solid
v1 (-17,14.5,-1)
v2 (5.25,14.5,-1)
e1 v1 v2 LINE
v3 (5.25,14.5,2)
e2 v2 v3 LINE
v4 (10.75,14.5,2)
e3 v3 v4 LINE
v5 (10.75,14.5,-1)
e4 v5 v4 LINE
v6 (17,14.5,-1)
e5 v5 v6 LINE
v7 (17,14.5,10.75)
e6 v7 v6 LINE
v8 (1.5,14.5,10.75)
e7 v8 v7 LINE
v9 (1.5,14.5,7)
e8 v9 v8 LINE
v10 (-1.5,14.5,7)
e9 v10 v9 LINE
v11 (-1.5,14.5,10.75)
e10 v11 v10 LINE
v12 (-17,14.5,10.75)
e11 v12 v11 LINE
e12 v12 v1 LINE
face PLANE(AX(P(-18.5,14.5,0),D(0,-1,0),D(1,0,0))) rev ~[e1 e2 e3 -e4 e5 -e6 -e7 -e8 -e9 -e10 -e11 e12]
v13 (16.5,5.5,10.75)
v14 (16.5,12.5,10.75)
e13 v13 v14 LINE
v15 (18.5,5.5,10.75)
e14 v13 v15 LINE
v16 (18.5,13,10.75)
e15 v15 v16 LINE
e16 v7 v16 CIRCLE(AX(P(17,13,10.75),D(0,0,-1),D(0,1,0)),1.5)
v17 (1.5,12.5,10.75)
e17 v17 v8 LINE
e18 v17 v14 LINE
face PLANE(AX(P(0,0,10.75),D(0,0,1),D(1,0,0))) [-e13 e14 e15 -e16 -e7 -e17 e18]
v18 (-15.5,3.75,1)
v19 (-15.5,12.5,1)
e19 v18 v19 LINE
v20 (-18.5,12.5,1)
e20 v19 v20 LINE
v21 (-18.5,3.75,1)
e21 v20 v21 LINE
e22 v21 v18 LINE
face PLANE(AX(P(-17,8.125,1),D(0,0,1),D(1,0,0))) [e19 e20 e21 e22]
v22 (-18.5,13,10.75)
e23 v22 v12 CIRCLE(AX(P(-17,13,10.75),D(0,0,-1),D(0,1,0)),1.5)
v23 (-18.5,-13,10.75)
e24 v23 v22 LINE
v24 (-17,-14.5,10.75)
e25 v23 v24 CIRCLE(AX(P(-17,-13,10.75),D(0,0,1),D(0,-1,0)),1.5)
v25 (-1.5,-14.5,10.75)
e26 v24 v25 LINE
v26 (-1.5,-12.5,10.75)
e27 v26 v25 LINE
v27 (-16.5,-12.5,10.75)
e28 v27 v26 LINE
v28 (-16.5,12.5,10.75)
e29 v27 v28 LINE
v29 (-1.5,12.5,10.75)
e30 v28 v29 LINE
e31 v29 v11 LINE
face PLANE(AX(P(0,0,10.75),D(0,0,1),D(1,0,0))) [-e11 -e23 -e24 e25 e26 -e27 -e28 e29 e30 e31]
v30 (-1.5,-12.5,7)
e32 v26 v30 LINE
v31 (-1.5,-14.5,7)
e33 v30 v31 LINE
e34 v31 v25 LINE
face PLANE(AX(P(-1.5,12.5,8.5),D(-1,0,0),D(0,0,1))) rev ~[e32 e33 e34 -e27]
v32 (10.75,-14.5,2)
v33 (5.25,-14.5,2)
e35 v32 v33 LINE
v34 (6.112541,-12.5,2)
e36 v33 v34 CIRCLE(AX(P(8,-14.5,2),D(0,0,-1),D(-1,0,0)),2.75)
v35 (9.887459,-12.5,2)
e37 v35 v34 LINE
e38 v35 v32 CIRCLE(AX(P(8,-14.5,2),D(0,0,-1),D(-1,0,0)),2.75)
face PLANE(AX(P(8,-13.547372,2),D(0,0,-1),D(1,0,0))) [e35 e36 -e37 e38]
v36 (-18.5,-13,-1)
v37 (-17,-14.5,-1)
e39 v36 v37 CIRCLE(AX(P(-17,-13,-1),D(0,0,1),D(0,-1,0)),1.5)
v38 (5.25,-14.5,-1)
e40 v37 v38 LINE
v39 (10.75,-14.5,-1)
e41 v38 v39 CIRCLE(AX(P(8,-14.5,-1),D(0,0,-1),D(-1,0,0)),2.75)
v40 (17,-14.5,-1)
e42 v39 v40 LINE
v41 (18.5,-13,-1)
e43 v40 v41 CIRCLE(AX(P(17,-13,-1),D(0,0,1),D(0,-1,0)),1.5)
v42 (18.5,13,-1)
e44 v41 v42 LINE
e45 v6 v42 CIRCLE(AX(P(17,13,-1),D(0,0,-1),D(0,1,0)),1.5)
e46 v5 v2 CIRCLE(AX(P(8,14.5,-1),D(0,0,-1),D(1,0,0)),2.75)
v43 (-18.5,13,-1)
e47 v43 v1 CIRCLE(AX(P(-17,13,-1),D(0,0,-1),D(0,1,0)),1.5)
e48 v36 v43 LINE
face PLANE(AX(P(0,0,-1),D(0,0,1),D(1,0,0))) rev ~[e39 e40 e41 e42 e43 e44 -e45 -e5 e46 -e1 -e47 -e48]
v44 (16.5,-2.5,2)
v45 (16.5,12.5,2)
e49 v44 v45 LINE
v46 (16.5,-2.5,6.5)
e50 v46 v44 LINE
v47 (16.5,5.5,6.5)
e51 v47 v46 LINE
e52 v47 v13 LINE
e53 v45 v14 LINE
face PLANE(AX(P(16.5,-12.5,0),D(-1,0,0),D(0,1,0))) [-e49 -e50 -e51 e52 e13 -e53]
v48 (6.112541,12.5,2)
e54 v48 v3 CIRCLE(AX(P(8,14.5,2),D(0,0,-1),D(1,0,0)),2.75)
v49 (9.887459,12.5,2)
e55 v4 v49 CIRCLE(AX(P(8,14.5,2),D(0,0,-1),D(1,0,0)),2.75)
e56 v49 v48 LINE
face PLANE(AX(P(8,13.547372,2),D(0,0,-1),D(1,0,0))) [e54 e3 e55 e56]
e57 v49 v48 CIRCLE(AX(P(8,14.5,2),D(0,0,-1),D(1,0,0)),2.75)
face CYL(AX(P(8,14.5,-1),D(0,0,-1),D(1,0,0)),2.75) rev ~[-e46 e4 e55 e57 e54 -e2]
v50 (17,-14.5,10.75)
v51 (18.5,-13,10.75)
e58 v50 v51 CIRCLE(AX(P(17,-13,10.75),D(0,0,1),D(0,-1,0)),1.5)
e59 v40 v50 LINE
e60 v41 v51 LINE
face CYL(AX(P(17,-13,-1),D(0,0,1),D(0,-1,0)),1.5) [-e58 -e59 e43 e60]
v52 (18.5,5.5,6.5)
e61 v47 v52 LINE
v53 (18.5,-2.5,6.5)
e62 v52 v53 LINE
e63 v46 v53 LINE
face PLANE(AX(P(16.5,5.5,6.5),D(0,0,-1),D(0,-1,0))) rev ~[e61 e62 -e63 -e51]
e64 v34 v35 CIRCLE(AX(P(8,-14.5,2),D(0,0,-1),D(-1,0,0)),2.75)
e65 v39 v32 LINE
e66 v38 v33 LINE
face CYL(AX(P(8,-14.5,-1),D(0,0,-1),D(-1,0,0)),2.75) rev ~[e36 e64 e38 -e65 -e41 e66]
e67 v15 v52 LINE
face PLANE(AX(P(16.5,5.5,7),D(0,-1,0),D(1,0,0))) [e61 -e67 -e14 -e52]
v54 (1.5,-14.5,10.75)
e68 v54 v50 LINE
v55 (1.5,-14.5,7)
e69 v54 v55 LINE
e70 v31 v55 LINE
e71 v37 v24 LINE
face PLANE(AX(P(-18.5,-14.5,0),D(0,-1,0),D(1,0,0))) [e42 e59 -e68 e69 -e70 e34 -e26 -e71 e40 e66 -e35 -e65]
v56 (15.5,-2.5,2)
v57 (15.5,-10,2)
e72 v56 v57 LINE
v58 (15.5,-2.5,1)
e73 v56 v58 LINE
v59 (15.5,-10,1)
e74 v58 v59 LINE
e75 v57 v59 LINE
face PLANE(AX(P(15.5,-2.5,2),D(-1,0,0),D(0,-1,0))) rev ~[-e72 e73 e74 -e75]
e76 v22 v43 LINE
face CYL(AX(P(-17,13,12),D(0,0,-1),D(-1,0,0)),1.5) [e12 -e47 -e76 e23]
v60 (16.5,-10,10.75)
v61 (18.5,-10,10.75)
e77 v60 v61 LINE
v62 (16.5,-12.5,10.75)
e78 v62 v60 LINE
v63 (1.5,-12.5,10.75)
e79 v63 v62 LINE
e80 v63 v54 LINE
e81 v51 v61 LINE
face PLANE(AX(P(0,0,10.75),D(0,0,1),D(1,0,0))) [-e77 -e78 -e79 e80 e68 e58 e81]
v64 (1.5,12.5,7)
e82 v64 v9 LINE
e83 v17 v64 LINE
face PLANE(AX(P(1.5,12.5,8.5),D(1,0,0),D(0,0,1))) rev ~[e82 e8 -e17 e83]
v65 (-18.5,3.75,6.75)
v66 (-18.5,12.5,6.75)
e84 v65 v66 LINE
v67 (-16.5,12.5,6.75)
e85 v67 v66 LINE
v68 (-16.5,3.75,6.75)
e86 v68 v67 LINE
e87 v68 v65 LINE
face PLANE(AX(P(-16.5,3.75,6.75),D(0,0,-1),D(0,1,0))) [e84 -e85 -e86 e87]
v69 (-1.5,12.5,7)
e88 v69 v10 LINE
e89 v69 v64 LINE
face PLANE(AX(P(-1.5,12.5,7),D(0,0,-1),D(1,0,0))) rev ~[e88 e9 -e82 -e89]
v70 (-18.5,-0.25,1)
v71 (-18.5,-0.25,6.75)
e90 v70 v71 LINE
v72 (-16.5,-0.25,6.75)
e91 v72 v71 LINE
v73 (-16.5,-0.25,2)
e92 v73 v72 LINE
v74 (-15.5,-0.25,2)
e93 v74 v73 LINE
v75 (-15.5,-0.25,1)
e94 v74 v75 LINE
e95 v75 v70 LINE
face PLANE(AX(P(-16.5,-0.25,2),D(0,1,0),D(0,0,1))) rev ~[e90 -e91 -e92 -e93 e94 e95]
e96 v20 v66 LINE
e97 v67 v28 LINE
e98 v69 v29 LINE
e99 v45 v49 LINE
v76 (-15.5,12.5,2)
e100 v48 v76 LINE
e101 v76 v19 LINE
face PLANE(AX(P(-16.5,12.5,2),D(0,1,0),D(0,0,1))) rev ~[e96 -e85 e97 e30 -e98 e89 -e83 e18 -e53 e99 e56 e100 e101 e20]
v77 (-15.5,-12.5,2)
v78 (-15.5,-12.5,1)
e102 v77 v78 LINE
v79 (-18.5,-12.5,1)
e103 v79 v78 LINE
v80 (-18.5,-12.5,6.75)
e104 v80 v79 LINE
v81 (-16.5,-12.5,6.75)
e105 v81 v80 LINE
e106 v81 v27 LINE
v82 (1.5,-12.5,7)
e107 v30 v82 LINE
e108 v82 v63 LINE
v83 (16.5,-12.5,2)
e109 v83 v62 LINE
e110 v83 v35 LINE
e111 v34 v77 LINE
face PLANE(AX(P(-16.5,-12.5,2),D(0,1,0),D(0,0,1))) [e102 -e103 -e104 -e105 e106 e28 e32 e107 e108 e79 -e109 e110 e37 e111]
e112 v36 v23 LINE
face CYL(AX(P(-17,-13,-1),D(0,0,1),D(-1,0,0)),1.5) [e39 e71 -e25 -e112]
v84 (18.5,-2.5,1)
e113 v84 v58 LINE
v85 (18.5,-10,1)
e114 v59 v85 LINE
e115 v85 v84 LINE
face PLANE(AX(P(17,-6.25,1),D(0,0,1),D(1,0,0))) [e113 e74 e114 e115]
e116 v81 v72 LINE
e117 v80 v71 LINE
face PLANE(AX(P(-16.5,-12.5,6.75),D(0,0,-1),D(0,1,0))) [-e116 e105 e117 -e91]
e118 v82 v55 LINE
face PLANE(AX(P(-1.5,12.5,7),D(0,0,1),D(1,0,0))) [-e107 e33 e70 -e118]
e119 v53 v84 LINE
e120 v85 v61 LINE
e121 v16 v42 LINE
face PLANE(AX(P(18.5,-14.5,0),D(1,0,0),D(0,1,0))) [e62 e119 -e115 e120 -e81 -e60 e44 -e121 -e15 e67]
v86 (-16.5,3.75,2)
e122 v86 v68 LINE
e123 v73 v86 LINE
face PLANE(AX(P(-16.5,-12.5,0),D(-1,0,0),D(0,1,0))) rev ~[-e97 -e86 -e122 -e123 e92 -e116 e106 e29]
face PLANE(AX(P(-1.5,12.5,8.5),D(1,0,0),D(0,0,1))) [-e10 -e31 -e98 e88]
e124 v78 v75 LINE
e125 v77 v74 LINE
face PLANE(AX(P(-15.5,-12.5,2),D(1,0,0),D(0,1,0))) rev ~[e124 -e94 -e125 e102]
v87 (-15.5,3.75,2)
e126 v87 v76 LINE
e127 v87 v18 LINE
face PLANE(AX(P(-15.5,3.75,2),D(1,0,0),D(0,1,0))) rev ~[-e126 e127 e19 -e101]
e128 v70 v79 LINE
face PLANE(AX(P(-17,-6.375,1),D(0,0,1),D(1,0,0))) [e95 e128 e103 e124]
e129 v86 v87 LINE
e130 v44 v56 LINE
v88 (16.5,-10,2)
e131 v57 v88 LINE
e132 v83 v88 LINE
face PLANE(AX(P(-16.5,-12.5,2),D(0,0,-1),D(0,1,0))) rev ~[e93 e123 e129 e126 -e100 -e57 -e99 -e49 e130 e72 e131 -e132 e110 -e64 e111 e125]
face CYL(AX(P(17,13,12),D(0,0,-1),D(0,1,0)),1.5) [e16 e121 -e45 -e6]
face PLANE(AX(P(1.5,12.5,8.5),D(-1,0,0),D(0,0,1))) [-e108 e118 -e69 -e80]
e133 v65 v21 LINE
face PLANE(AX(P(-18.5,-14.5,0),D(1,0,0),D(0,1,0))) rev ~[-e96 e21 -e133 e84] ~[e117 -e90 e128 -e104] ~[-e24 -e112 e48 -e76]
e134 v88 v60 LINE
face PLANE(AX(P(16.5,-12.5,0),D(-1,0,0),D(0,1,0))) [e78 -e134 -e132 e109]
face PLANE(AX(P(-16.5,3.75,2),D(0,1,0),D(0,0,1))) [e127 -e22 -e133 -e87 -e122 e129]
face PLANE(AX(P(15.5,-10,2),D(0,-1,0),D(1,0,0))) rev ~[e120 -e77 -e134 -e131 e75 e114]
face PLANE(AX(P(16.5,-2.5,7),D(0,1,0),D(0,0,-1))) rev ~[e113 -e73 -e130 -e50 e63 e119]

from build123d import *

# Parameters (mm, degrees)
F0_W      = 37
F0_H      = 29
F0_W_2    = 33
F0_H_2    = 25
F1_DEPTH  = 12
F2_DEPTH  = 2
F4_DEPTH  = 2
F6_DEPTH  = 1
F7_W      = 8.75
F7_H      = 4.75
F7_W_2    = 12.25
F8_DEPTH  = 2
F10_DEPTH = 1
F11_DEPTH = 1
F13_DEPTH = 3
F14_R     = 1.5
F15_W     = 3
F15_H     = 3.5
F16_DEPTH = 27
F17_DEPTH = 2
F18_DEPTH = 0.5
F19_DEPTH = 1.25
F20_DEPTH = 1.5


with BuildPart() as f1:
    # F0 (on Top) → F1 (new body)
    with BuildSketch(Plane.XY):
        Rectangle(F0_W, F0_H)
        Rectangle(F0_W_2, F0_H_2, mode=Mode.SUBTRACT)
    extrude(amount=F1_DEPTH)

    # F0 (on Top) → F2 (join)
    with BuildSketch(Plane.XY):
        Rectangle(F0_W_2, F0_H_2)
    extrude(amount=F2_DEPTH)

    # F3 (on face) → F4 (cut)
    with BuildSketch(Plane(origin=(16.5, 0, 0), x_dir=(0, -1, 0), z_dir=(-1, 0, 0))):
        Polygon((2.5, 2), (10, 2), (10, 12), (-5.5, 12), (-5.5, 7), (2.5, 7), align=None)
    extrude(amount=-F4_DEPTH, mode=Mode.SUBTRACT)

    # F5 (on face) → F6 (cut)
    with BuildSketch(Plane.XY.offset(2)):
        Polygon((15.5, -10), (16.5, -10), (18.5, -10), (18.5, -2.5), (16.5, -2.5), (15.5, -2.5), align=None)
    extrude(amount=-F6_DEPTH, mode=Mode.SUBTRACT)

    # F7 (on face) → F8 (cut)
    with BuildSketch(Plane.YZ.offset(-16.5)):
        with Locations((8.125, 4.375)):
            Rectangle(F7_W, F7_H)
        with Locations((-6.375, 4.375)):
            Rectangle(F7_W_2, F7_H)
    extrude(amount=-F8_DEPTH, mode=Mode.SUBTRACT)

    # F9 (on face) → F10 (cut)
    with BuildSketch(Plane.XY.offset(2)):
        Polygon((-18.5, 3.75), (-16.5, 3.75), (-15.5, 3.75), (-15.5, 12.5), (-18.5, 12.5), align=None)
        Polygon((-15.5, -0.25), (-16.5, -0.25), (-18.5, -0.25), (-18.5, -12.5), (-15.5, -12.5), align=None)
    extrude(amount=-F10_DEPTH, mode=Mode.SUBTRACT)

    # F11 (add): a face of the model
    f11_faces = [f1.faces().sort_by_distance(p)[0] for p in [
        (0, 0, 0),
    ]]
    extrude(f11_faces, amount=F11_DEPTH)

    # F12 (on face) → F13 (cut)
    with BuildSketch(Plane(origin=(0, 0, -1), x_dir=(1, 0, 0), z_dir=(0, 0, -1))):
        with BuildLine():
            ThreePointArc((5.25, 14.5), (8, 11.75), (10.75, 14.5))
            Line((10.75, 14.5), (8, 14.5))
            Line((8, 14.5), (5.25, 14.5))
        make_face()
        with BuildLine():
            Line((8, -14.5), (10.75, -14.5))
            ThreePointArc((10.75, -14.5), (8, -11.75), (5.25, -14.5))
            Line((5.25, -14.5), (8, -14.5))
        make_face()
    extrude(amount=-F13_DEPTH, mode=Mode.SUBTRACT)

    # F14
    f14_edges = [f1.edges().sort_by_distance(p)[0] for p in [
        (-18.5, -14.5, 5.5),
        (18.5, -14.5, 5.5),
        (18.5, 14.5, 5.5),
        (-18.5, 14.5, 5.5),
    ]]
    fillet(f14_edges, radius=F14_R)

    # F15 (on face) → F16 (cut)
    with BuildSketch(Plane.XZ.offset(-12.5)):
        with Locations((0, 10.25)):
            Rectangle(F15_W, F15_H)
    extrude(amount=F16_DEPTH, mode=Mode.SUBTRACT)

    # F15 (on face) → F17 (cut)
    with BuildSketch(Plane.XZ.offset(-12.5)):
        with Locations((0, 10.25)):
            Rectangle(F15_W, F15_H)
    extrude(amount=-F17_DEPTH, mode=Mode.SUBTRACT)

    # F18 (cut): a face of the model
    f18_faces = [f1.faces().sort_by_distance(p)[0] for p in [
        (17.5, 1.5, 7),
    ]]
    extrude(f18_faces, amount=-F18_DEPTH, mode=Mode.SUBTRACT)

    # F19 (cut): faces of the model
    f19_faces = [f1.faces().sort_by_distance(p)[0] for p in [
        (10.8712359215, -13.1995864394, 12),
        (9.25, 14.3076461594, 12),
        (-17.8229628853, -13.8229628853, 12),
    ]]
    extrude(f19_faces, amount=-F19_DEPTH, mode=Mode.SUBTRACT)

    # F20 (cut): faces of the model
    f20_faces = [f1.faces().sort_by_distance(p)[0] for p in [
        (0, -13.5, 8.5),
        (0, 13.5, 8.5),
    ]]
    extrude(f20_faces, amount=-F20_DEPTH, mode=Mode.SUBTRACT)


solid = f1.part
